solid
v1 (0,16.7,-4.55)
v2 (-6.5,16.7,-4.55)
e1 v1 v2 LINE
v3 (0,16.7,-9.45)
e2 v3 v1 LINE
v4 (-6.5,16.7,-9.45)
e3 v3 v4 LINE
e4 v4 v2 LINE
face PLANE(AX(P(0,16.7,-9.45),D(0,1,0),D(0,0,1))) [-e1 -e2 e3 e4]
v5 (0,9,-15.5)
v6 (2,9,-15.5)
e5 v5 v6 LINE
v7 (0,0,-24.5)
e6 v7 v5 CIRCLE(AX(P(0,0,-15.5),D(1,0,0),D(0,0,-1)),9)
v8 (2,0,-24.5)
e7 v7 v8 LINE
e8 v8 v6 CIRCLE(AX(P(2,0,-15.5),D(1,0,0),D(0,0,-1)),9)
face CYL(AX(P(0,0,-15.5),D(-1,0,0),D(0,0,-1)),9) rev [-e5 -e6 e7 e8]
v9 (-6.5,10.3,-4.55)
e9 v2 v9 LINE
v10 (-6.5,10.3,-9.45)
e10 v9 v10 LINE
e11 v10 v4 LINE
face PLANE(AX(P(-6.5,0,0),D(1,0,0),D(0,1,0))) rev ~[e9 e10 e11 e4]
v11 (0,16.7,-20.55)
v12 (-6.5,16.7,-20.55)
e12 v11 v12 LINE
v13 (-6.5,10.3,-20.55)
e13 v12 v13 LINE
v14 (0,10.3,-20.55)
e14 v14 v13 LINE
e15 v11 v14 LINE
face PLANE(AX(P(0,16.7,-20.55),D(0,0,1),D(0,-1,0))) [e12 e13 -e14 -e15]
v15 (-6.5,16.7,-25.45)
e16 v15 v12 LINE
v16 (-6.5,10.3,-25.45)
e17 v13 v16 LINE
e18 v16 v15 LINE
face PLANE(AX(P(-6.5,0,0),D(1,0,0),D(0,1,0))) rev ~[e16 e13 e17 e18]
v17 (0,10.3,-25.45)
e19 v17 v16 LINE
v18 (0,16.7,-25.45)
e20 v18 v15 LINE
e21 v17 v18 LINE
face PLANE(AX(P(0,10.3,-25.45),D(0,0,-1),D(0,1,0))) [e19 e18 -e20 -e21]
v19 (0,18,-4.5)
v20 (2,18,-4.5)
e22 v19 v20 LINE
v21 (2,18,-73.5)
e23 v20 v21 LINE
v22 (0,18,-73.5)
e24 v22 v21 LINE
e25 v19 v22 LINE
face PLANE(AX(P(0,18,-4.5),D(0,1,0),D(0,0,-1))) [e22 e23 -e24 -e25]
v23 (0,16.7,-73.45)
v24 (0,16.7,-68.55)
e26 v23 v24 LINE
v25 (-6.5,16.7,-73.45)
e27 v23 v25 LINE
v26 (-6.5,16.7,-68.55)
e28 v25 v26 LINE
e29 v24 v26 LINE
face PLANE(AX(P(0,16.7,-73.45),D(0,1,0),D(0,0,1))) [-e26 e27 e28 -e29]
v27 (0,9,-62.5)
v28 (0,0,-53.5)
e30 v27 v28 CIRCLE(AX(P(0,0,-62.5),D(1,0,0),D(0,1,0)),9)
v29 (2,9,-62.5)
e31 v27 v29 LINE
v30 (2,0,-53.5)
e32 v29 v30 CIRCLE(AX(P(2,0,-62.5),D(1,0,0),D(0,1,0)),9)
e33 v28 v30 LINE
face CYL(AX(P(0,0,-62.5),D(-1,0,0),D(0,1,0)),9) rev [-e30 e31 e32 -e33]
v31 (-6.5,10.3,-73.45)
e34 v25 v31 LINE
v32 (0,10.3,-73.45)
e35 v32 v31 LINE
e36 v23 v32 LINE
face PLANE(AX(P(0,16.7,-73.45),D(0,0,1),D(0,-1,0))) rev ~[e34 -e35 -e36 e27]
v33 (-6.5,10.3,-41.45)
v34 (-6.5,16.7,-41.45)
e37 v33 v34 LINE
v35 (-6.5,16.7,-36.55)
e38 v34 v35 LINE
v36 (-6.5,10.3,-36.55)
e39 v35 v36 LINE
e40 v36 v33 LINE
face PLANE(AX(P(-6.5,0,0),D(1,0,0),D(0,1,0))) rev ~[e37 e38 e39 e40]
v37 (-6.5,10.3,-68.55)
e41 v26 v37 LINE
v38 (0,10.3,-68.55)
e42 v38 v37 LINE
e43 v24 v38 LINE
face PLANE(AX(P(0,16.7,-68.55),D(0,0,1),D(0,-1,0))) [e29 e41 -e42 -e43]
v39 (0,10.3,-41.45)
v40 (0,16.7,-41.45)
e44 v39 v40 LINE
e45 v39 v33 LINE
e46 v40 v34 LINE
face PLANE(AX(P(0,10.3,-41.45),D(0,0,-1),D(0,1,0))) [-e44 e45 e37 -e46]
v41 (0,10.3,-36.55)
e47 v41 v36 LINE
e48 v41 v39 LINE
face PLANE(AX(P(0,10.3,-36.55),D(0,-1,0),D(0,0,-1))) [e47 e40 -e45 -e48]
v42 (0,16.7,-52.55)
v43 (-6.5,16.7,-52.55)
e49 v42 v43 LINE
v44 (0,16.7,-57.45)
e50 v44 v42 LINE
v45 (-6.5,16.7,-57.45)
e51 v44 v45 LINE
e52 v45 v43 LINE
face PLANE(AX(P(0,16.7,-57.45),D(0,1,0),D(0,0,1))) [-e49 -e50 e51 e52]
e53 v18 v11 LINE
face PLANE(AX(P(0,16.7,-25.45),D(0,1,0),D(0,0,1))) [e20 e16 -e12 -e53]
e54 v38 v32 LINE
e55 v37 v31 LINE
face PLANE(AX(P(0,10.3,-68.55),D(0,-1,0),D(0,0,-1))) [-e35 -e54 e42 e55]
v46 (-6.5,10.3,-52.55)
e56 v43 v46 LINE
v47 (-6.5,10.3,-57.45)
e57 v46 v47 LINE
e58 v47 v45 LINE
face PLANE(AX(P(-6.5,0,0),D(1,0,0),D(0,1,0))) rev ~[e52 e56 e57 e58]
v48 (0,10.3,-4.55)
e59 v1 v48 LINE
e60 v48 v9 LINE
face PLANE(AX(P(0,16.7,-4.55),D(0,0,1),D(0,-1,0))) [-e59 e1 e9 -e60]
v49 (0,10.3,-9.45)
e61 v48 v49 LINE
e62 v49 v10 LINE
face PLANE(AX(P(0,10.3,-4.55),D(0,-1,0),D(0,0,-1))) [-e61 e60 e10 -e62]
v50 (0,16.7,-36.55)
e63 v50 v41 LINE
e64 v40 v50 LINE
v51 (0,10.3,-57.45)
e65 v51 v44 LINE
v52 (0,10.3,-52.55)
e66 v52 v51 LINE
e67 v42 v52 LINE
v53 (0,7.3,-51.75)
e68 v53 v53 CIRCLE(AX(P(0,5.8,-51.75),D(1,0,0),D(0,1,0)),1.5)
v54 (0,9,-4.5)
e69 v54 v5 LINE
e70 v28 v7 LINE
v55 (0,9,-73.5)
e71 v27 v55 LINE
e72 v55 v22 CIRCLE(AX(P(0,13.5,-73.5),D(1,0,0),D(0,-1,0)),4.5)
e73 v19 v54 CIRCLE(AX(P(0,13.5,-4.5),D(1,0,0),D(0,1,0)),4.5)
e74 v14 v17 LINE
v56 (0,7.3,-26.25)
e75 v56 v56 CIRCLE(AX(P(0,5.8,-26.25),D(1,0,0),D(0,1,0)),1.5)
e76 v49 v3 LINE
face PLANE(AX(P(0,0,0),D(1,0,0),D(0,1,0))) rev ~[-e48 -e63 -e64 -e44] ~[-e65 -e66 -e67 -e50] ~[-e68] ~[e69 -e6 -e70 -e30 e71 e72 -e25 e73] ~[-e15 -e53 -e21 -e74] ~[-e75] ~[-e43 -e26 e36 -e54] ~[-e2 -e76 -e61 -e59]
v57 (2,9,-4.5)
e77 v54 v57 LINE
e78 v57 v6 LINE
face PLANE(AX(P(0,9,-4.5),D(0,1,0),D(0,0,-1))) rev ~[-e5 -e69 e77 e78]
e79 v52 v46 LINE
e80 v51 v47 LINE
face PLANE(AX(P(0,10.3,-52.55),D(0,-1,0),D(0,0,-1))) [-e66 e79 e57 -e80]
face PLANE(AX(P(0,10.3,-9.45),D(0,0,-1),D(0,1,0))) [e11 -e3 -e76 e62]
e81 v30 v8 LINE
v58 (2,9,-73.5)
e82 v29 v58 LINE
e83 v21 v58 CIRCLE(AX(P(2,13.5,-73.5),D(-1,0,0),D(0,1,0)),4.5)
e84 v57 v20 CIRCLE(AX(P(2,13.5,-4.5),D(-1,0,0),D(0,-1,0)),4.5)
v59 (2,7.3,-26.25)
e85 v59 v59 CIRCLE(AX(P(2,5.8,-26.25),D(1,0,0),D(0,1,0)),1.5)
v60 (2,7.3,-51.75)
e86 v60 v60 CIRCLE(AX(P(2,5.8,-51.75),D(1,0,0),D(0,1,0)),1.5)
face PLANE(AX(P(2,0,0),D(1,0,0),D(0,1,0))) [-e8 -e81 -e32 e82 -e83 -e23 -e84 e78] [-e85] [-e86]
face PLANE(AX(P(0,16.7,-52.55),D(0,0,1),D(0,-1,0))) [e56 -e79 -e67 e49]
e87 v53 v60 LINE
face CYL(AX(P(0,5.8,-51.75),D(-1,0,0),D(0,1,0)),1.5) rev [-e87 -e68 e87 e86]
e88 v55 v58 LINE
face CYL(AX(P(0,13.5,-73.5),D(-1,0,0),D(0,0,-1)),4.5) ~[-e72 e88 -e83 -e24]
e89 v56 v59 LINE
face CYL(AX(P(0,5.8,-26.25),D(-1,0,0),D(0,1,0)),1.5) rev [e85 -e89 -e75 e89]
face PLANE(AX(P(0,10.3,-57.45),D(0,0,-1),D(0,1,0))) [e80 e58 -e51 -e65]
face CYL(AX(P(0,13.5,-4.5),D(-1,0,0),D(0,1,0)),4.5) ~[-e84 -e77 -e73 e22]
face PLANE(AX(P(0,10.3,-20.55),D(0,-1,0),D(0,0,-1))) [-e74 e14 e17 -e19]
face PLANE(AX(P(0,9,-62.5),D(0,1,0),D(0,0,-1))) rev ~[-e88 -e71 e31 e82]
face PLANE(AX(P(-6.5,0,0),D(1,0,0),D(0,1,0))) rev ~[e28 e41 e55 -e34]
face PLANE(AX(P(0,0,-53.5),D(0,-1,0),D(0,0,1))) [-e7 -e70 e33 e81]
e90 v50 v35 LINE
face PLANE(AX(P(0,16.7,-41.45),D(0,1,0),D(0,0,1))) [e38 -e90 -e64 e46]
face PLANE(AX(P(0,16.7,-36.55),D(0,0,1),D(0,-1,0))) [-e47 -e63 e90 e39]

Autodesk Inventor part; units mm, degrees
ref_plane "YZ Plane" through (0, 0, 0) normal (1, 0, 0) x (0, 1, 0)
ref_plane "XZ Plane" through (0, 0, 0) normal (0, 1, 0) x (-1, 0, 0)
ref_plane "XY Plane" through (0, 0, 0) normal (0, 0, 1) x (1, 0, 0)
sketch "Szkic1" plane through (0, 0, 0) normal (1, 0, 0) x (0, 1, 0)
  line L0 (13.5, 0) -> (13.5, 0)
  line L1 (18, -4.5) -> (18, -73.5)
  line L2 (13.5, -78) -> (13.5, -78)
  line L3 (0, -53.5) -> (0, -24.5)
  arc A0 (0, -24.5) -> (9, -15.5) centre (0, -15.5) ccw
  arc A1 (9, -62.5) -> (0, -53.5) centre (0, -62.5) ccw
  line L4 (9, -4.5) -> (9, -15.5)
  line L5 (9, -62.5) -> (9, -73.5)
  circle A2 centre (5.8, -26.25) radius 1.5
  circle A3 centre (5.8, -51.75) radius 1.5
  line L6 (16.7, -20.55) -> (10.3, -20.55)
  line L7 (10.3, -20.55) -> (10.3, -25.45)
  line L8 (10.3, -25.45) -> (16.7, -25.45)
  line L9 (16.7, -25.45) -> (16.7, -20.55)
  line L10 (16.7, -36.55) -> (10.3, -36.55)
  line L11 (10.3, -36.55) -> (10.3, -41.45)
  line L12 (10.3, -41.45) -> (16.7, -41.45)
  line L13 (16.7, -41.45) -> (16.7, -36.55)
  line L14 (16.7, -52.55) -> (10.3, -52.55)
  line L15 (10.3, -52.55) -> (10.3, -57.45)
  line L16 (10.3, -57.45) -> (16.7, -57.45)
  line L17 (16.7, -57.45) -> (16.7, -52.55)
  line L18 (16.7, -4.55) -> (10.3, -4.55)
  line L19 (10.3, -4.55) -> (10.3, -9.45)
  line L20 (10.3, -9.45) -> (16.7, -9.45)
  line L21 (16.7, -9.45) -> (16.7, -4.55)
  line L22 (16.7, -68.55) -> (10.3, -68.55)
  line L23 (10.3, -68.55) -> (10.3, -73.45)
  line L24 (16.7, -73.45) -> (16.7, -68.55)
  line L25 (16.7, -73.45) -> (10.3, -73.45)
  arc A4 (18, -4.5) -> (13.5, 0) centre (13.5, -4.5) ccw
  arc A5 (13.5, 0) -> (9, -4.5) centre (13.5, -4.5) ccw
  arc A6 (13.5, -78) -> (18, -73.5) centre (13.5, -73.5) ccw
  arc A7 (9, -73.5) -> (13.5, -78) centre (13.5, -73.5) ccw
  point P0 (0, 0)
  point P1 (18, -78)
  point P2 (18, 0)
  point P3 (9, -78)
  point P4 (9, 0)
  point P5 (16.7, -71)
  point P6 (16.7, -55)
  point P7 (16.7, -39)
  point P8 (16.7, -23)
  point P9 (16.7, -7)
  dimension "d0" = 9
  dimension "d1" = 78
  dimension "d2" = 15.5
  dimension "d4" = 18
  dimension "d5" = 18
  dimension "d6" = 15.5
  dimension "d7" = 47
  dimension "d8" = 9
  dimension "d9" = 9
  dimension "d10" = 5.8
  dimension "d11" = 26.25
  dimension "d12" = 26.25
  dimension "d13" = 3
  dimension "d14" = 3
  dimension "d15" = 6.4
  dimension "d16" = 4.9
  dimension "d17" = 6.4
  dimension "d18" = 4.9
  dimension "d19" = 6.4
  dimension "d20" = 4.9
  dimension "d21" = 6.4
  dimension "d22" = 4.9
  dimension "d23" = 6.4
  dimension "d24" = 4.9
  dimension "d29" = 16
  dimension "d30" = 16
  dimension "d31" = 16
  dimension "d32" = 16
  dimension "d33" = 4.55
  dimension "d34" = 1.3
  dimension "d39" = 4.5
extrude "Wyciągnięcie proste1" add sketch "Szkic1" along normal blind 2 contours L1 A6 A7 L5 A1 L3 A0 L4 A5 A4 | L9 L8 L7 L6 | L13 L12 L11 L10 | L17 L16 L15 L14 | L21 L20 L19 L18 | L24 L25 L23 L22
extrude "Wyciągnięcie proste2" add sketch "Szkic1" against normal blind 6.5 contours L9 L8 L7 L6 | L13 L12 L11 L10 | L17 L16 L15 L14 | L21 L20 L19 L18 | L24 L25 L23 L22
properties part number "czujnik_podczerwien"
